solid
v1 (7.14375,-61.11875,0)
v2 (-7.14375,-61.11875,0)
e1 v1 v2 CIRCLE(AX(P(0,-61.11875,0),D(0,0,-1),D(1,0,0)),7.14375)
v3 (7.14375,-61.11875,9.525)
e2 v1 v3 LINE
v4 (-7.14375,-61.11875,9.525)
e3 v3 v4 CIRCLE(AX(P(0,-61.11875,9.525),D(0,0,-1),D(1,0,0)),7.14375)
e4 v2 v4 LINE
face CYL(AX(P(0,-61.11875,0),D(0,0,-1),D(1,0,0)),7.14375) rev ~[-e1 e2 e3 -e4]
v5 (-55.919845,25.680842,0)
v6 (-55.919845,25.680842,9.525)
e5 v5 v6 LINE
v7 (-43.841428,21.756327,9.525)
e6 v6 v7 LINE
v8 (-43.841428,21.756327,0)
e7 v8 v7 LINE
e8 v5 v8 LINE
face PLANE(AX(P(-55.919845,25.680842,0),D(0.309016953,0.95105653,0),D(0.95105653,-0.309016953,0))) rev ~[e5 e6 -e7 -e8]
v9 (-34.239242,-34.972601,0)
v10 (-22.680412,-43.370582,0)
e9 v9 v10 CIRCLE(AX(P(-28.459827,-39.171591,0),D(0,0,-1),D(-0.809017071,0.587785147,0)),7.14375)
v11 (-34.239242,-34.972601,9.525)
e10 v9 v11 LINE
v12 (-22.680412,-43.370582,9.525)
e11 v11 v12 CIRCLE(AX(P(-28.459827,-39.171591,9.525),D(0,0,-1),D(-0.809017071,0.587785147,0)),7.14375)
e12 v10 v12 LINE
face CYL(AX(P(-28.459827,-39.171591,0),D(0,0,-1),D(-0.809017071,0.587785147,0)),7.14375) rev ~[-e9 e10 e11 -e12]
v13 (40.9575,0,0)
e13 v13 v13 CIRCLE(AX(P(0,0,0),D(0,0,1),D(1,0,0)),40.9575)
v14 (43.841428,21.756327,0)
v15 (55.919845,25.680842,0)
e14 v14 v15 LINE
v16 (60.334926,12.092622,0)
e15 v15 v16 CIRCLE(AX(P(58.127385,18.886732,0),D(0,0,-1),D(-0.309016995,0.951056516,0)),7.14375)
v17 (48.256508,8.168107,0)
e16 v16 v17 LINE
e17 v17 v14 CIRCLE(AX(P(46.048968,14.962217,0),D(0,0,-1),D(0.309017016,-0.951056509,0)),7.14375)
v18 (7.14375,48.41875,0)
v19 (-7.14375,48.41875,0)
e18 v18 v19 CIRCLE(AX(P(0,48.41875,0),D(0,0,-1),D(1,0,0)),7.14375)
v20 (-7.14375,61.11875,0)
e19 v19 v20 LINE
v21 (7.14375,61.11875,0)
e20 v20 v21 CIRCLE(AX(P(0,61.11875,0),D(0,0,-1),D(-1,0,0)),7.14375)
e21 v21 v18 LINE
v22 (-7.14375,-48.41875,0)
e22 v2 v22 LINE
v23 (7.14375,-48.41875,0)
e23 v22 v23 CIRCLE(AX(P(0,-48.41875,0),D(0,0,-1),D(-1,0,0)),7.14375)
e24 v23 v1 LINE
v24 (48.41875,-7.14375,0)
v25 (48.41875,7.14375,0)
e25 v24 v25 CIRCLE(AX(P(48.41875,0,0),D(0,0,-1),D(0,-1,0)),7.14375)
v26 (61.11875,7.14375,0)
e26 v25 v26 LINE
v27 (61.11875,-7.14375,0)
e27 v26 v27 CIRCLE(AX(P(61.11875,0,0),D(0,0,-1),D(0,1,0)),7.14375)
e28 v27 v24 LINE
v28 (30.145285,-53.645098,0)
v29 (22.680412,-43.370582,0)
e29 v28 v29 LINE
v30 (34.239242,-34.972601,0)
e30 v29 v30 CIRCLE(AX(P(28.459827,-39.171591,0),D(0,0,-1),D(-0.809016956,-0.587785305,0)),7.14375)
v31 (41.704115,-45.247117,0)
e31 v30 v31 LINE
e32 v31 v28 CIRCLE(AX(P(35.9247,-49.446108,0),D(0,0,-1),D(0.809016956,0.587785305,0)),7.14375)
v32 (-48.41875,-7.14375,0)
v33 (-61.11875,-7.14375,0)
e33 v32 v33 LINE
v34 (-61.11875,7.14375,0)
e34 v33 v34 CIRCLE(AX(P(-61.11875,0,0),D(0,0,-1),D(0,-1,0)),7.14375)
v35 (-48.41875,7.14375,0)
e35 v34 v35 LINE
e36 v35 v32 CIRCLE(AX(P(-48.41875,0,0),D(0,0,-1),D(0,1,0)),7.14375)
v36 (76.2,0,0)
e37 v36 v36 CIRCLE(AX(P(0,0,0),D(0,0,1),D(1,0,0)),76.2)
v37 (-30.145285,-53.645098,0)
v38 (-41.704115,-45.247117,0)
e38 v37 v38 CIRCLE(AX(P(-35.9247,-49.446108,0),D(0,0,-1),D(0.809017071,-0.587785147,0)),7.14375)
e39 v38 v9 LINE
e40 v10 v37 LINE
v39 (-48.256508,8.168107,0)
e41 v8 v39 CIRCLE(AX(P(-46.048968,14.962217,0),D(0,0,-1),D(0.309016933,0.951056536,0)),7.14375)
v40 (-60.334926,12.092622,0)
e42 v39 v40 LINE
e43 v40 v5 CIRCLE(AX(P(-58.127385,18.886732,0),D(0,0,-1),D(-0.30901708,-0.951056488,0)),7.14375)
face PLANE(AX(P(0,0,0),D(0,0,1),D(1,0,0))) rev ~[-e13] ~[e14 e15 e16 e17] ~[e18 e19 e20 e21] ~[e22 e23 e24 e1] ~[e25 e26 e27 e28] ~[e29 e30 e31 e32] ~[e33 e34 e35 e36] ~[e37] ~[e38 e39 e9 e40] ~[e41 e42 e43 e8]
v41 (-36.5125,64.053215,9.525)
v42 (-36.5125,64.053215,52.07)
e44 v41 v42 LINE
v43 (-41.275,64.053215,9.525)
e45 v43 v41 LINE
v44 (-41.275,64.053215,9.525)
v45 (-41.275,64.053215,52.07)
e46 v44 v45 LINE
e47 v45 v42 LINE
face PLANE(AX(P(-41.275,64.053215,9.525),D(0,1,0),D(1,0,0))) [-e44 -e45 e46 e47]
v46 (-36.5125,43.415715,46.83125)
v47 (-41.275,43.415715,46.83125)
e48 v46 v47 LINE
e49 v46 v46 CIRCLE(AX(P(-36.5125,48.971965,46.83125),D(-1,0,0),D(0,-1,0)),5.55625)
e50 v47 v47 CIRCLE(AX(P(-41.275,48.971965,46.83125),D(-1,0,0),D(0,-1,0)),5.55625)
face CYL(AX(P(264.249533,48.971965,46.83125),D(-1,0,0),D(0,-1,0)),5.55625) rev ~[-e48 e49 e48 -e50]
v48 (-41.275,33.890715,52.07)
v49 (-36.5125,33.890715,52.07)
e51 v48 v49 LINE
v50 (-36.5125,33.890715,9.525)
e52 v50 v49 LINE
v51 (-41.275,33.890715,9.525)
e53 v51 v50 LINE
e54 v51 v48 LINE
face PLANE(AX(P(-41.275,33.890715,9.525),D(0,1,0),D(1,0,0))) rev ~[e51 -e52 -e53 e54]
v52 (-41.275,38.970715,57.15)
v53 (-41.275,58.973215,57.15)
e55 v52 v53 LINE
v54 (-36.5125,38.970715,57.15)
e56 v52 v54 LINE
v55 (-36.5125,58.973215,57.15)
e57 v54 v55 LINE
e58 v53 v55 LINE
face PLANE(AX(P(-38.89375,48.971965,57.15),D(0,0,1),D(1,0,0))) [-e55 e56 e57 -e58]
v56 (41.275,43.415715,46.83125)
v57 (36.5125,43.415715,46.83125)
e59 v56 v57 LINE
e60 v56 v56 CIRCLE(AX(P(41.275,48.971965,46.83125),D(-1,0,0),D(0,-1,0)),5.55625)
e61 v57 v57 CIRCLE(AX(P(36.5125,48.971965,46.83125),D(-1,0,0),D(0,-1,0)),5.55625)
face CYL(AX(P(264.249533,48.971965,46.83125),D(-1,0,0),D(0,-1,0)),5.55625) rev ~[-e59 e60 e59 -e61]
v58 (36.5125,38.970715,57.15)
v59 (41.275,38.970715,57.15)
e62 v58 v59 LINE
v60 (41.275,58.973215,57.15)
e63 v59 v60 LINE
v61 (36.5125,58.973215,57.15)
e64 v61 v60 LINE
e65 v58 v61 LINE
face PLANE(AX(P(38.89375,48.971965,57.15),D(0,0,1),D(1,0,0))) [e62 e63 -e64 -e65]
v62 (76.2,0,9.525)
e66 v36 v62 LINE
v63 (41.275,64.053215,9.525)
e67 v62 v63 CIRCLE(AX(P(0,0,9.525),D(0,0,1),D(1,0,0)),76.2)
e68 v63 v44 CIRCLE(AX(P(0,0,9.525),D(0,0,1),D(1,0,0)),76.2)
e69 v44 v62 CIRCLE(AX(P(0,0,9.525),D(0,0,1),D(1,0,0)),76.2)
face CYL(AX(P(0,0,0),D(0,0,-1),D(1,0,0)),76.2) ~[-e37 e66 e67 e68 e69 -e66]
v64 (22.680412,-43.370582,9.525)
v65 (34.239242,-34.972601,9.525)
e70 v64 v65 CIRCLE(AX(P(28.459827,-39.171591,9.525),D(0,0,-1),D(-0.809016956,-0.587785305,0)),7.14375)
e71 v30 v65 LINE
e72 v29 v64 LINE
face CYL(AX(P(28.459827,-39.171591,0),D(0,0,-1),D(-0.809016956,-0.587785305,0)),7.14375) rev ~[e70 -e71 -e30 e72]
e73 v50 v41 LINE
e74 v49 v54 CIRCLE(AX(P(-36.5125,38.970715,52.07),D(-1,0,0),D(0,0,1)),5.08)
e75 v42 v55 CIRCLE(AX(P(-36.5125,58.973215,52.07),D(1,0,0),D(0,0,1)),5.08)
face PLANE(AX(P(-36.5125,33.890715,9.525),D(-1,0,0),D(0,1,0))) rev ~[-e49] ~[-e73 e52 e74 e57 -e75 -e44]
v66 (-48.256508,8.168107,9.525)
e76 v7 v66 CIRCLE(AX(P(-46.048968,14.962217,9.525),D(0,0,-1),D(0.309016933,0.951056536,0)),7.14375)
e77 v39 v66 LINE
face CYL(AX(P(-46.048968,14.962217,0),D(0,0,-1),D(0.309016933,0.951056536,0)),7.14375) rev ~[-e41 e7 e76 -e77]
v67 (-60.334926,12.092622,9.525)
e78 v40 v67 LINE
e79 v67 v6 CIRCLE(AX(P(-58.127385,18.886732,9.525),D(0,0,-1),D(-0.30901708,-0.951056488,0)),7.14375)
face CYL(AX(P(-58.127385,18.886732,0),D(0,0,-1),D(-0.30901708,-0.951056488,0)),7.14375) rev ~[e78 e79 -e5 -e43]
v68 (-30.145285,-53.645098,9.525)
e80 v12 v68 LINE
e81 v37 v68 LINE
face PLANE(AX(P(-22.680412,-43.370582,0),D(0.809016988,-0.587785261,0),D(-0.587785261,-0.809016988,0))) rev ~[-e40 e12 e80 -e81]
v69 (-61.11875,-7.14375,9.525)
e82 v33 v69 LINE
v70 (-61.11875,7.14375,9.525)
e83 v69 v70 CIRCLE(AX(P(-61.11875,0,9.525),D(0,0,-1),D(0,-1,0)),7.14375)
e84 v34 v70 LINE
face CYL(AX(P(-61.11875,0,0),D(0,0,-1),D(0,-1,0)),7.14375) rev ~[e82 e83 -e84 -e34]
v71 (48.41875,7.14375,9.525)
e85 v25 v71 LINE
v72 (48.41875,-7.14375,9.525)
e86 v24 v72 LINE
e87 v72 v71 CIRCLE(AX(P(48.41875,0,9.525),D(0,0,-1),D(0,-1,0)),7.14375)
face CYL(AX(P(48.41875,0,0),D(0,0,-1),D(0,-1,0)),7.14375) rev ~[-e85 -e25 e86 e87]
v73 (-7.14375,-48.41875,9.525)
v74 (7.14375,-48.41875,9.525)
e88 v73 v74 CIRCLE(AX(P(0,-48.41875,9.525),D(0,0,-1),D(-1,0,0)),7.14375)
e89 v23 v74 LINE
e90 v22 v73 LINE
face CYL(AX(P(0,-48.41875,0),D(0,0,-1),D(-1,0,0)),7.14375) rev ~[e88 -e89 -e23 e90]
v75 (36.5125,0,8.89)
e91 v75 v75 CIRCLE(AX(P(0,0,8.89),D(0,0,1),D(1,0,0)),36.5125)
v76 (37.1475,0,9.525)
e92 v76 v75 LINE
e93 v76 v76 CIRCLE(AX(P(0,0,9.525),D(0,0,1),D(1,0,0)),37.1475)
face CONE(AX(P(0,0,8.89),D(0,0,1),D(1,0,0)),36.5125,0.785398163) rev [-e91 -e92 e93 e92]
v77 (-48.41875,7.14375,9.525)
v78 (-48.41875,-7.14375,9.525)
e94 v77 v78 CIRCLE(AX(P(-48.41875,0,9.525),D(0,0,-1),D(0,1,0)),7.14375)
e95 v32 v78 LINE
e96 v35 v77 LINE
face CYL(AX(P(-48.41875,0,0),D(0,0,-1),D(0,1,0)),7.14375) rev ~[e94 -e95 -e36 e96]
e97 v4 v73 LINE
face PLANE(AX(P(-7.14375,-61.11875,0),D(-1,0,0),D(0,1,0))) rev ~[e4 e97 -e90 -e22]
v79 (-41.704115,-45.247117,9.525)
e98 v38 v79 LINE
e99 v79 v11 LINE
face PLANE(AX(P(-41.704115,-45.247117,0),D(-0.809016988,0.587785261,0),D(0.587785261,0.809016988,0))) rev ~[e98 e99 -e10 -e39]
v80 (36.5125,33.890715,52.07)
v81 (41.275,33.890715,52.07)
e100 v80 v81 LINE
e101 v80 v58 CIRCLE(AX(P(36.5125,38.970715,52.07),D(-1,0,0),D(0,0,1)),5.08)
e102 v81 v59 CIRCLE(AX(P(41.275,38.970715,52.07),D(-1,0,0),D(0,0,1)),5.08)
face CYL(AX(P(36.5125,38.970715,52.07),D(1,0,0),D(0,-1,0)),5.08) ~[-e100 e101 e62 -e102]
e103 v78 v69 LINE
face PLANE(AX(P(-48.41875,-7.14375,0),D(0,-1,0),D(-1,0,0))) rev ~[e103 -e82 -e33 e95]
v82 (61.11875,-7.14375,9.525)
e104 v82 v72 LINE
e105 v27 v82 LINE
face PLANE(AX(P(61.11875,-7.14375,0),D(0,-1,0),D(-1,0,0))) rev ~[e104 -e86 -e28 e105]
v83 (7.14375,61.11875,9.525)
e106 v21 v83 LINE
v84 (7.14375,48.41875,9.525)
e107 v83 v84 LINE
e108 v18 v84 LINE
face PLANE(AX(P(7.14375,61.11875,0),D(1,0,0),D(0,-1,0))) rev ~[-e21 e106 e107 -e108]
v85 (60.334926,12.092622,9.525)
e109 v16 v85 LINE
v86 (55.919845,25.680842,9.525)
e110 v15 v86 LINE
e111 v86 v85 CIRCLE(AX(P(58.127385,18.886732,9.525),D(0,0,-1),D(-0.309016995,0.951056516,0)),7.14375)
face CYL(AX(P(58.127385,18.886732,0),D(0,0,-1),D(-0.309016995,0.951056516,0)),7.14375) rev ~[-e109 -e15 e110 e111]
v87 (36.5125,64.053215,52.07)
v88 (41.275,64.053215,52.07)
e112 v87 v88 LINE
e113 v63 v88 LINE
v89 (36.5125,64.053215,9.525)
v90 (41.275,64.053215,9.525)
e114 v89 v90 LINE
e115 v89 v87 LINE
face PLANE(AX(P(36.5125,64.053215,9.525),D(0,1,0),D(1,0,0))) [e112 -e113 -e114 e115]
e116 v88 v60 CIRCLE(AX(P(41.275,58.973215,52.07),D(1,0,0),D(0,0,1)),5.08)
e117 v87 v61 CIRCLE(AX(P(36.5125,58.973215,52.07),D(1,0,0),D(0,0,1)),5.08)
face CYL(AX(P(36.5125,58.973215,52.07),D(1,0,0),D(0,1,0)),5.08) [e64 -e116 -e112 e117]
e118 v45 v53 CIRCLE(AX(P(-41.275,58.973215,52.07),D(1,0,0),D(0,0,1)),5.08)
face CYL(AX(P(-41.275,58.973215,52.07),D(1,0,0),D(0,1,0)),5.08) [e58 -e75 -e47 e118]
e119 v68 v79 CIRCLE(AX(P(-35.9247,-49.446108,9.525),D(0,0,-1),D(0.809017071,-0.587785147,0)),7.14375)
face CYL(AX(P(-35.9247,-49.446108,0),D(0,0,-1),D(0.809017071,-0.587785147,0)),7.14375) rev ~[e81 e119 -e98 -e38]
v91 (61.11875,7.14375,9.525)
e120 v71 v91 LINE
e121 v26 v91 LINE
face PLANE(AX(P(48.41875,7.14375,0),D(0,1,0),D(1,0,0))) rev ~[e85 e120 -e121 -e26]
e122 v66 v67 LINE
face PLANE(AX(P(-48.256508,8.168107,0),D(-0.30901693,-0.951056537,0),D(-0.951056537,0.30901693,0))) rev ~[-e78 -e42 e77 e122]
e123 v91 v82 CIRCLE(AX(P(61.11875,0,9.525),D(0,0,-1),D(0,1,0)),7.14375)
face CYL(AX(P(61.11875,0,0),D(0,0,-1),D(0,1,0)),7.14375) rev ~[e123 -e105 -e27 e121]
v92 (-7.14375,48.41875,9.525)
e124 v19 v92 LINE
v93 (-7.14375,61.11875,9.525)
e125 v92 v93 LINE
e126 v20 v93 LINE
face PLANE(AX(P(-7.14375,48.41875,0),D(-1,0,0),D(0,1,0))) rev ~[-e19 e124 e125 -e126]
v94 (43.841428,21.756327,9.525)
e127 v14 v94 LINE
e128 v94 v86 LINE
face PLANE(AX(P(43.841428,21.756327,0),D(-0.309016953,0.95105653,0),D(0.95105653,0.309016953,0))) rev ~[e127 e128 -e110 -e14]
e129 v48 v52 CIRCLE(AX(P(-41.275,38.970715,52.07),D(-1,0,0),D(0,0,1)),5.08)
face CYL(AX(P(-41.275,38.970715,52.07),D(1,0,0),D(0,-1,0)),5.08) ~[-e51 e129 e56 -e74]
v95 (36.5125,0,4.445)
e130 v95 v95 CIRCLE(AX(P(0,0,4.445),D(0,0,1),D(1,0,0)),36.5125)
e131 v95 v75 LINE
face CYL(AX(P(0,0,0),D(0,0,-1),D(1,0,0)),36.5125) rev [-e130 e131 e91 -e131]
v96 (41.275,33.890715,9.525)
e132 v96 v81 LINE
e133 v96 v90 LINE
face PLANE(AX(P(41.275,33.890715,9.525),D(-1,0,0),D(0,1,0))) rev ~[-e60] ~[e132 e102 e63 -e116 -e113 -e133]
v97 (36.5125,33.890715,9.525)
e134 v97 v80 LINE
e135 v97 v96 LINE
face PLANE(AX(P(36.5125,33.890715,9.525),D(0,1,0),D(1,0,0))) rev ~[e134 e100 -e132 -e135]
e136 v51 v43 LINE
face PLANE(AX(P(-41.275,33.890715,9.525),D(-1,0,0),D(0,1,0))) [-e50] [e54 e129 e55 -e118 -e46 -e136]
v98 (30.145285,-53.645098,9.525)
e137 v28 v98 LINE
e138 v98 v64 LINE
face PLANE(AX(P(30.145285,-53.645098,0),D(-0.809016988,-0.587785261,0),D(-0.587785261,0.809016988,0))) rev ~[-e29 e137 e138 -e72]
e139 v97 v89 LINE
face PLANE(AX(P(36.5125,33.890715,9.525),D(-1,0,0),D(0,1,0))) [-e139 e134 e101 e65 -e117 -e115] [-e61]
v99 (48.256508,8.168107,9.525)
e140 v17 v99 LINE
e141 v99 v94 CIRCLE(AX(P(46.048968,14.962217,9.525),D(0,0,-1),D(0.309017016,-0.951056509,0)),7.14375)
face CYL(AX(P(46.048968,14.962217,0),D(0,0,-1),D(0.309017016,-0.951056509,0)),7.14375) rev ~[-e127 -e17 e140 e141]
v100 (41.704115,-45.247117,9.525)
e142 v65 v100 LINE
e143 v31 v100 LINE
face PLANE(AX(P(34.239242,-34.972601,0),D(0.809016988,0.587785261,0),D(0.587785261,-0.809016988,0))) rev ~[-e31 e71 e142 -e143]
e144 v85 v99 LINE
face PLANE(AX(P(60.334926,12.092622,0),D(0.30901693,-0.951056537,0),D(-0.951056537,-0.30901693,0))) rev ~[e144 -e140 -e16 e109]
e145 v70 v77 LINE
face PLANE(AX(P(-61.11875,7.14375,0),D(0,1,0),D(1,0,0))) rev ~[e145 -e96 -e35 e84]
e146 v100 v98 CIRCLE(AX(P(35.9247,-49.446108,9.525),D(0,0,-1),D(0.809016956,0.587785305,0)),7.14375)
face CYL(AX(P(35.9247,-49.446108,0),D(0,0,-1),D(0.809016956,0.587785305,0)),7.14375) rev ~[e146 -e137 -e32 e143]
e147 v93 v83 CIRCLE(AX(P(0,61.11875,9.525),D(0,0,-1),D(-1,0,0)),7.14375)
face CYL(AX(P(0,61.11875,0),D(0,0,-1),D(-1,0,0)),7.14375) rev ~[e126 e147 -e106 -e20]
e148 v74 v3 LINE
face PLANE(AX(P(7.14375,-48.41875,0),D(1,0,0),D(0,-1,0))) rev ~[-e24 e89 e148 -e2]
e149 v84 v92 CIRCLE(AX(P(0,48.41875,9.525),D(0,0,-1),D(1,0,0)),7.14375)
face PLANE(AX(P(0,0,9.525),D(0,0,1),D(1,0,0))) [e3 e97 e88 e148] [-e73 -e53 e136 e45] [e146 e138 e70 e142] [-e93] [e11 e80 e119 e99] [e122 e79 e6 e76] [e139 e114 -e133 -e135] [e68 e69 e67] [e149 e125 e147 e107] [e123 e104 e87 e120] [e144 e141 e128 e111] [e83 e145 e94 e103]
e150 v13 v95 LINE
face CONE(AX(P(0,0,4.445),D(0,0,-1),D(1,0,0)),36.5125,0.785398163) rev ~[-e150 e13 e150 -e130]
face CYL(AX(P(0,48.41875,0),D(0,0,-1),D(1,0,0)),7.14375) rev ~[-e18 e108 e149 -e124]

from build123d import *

# Parameters (mm, degrees)
F0_R     = 76.2
F0_R_2   = 36.5125
F1_DEPTH = 9.525
F2_W     = 4.7625
F2_H     = 30.1625
F3_DEPTH = 47.625
F4_SIZE  = 4.445
F6_D     = 11.1125
F7_R     = 5.08
F8_SIZE  = 0.635


with BuildPart() as f1:
    # F0 (on Top) → F1 (new body)
    with BuildSketch(Plane.XY):
        Circle(F0_R)
        with BuildLine():
            Line((-22.680412, -43.370582), (-30.145285, -53.645098))
            ThreePointArc((-30.145285, -53.645098), (-40.123691, -55.225523), (-41.704115, -45.247117))
            Line((-41.704115, -45.247117), (-34.239242, -34.972601))
            ThreePointArc((-34.239242, -34.972601), (-24.260836, -33.392176), (-22.680412, -43.370582))
        make_face(mode=Mode.SUBTRACT)
        with BuildLine():
            ThreePointArc((7.14375, -61.11875), (0, -68.2625), (-7.14375, -61.11875))
            Line((-7.14375, -61.11875), (-7.14375, -48.41875))
            ThreePointArc((-7.14375, -48.41875), (0, -41.275), (7.14375, -48.41875))
            Line((7.14375, -48.41875), (7.14375, -61.11875))
        make_face(mode=Mode.SUBTRACT)
        with BuildLine():
            Line((34.239242, -34.972601), (41.704115, -45.247117))
            ThreePointArc((41.704115, -45.247117), (40.123691, -55.225523), (30.145285, -53.645098))
            Line((30.145285, -53.645098), (22.680412, -43.370582))
            ThreePointArc((22.680412, -43.370582), (24.260836, -33.392176), (34.239242, -34.972601))
        make_face(mode=Mode.SUBTRACT)
        with BuildLine():
            ThreePointArc((-61.11875, -7.14375), (-68.2625, 0), (-61.11875, 7.14375))
            Line((-61.11875, 7.14375), (-48.41875, 7.14375))
            ThreePointArc((-48.41875, 7.14375), (-41.275, 0), (-48.41875, -7.14375))
            Line((-48.41875, -7.14375), (-61.11875, -7.14375))
        make_face(mode=Mode.SUBTRACT)
        with BuildLine():
            Line((-48.256508, 8.168107), (-60.334926, 12.092622))
            ThreePointArc((-60.334926, 12.092622), (-64.921495, 21.094273), (-55.919845, 25.680842))
            Line((-55.919845, 25.680842), (-43.841428, 21.756327))
            ThreePointArc((-43.841428, 21.756327), (-39.254858, 12.754676), (-48.256508, 8.168107))
        make_face(mode=Mode.SUBTRACT)
        Circle(F0_R_2, mode=Mode.SUBTRACT)
        with BuildLine():
            ThreePointArc((61.11875, 7.14375), (68.2625, 0), (61.11875, -7.14375))
            Line((61.11875, -7.14375), (48.41875, -7.14375))
            ThreePointArc((48.41875, -7.14375), (41.275, 0), (48.41875, 7.14375))
            Line((48.41875, 7.14375), (61.11875, 7.14375))
        make_face(mode=Mode.SUBTRACT)
        with BuildLine():
            Line((43.841428, 21.756327), (55.919845, 25.680842))
            ThreePointArc((55.919845, 25.680842), (64.921495, 21.094273), (60.334926, 12.092622))
            Line((60.334926, 12.092622), (48.256508, 8.168107))
            ThreePointArc((48.256508, 8.168107), (39.254858, 12.754676), (43.841428, 21.756327))
        make_face(mode=Mode.SUBTRACT)
        with BuildLine():
            ThreePointArc((-7.14375, 61.11875), (0, 68.2625), (7.14375, 61.11875))
            Line((7.14375, 61.11875), (7.14375, 48.41875))
            ThreePointArc((7.14375, 48.41875), (0, 41.275), (-7.14375, 48.41875))
            Line((-7.14375, 48.41875), (-7.14375, 61.11875))
        make_face(mode=Mode.SUBTRACT)
    extrude(amount=F1_DEPTH)

    # F2 (on face) → F3 (join)
    with BuildSketch(Plane.XY.offset(9.525)):
        with Locations((38.89375, 48.971965)):
            Rectangle(F2_W, F2_H)
        with Locations((-38.89375, 48.971965)):
            Rectangle(F2_W, F2_H)
    extrude(amount=F3_DEPTH)

    # F4
    f4_edges = [f1.edges().sort_by_distance(p)[0] for p in [
        (-36.5125, 0, 0),
    ]]
    chamfer(f4_edges, length=F4_SIZE)

    # F6 (through all)
    with Locations(Plane.YZ.offset(41.275)):
        with Locations((48.971965, 46.83125)):
            Hole(F6_D / 2)

    # F7
    f7_edges = [f1.edges().sort_by_distance(p)[0] for p in [
        (38.89375, 33.890715, 57.15),
        (38.89375, 64.053215, 57.15),
        (-38.89375, 33.890715, 57.15),
        (-38.89375, 64.053215, 57.15),
    ]]
    fillet(f7_edges, radius=F7_R)

    # F8
    f8_edges = [f1.edges().sort_by_distance(p)[0] for p in [
        (-36.5125, 0, 9.525),
    ]]
    chamfer(f8_edges, length=F8_SIZE)


solid = f1.part
